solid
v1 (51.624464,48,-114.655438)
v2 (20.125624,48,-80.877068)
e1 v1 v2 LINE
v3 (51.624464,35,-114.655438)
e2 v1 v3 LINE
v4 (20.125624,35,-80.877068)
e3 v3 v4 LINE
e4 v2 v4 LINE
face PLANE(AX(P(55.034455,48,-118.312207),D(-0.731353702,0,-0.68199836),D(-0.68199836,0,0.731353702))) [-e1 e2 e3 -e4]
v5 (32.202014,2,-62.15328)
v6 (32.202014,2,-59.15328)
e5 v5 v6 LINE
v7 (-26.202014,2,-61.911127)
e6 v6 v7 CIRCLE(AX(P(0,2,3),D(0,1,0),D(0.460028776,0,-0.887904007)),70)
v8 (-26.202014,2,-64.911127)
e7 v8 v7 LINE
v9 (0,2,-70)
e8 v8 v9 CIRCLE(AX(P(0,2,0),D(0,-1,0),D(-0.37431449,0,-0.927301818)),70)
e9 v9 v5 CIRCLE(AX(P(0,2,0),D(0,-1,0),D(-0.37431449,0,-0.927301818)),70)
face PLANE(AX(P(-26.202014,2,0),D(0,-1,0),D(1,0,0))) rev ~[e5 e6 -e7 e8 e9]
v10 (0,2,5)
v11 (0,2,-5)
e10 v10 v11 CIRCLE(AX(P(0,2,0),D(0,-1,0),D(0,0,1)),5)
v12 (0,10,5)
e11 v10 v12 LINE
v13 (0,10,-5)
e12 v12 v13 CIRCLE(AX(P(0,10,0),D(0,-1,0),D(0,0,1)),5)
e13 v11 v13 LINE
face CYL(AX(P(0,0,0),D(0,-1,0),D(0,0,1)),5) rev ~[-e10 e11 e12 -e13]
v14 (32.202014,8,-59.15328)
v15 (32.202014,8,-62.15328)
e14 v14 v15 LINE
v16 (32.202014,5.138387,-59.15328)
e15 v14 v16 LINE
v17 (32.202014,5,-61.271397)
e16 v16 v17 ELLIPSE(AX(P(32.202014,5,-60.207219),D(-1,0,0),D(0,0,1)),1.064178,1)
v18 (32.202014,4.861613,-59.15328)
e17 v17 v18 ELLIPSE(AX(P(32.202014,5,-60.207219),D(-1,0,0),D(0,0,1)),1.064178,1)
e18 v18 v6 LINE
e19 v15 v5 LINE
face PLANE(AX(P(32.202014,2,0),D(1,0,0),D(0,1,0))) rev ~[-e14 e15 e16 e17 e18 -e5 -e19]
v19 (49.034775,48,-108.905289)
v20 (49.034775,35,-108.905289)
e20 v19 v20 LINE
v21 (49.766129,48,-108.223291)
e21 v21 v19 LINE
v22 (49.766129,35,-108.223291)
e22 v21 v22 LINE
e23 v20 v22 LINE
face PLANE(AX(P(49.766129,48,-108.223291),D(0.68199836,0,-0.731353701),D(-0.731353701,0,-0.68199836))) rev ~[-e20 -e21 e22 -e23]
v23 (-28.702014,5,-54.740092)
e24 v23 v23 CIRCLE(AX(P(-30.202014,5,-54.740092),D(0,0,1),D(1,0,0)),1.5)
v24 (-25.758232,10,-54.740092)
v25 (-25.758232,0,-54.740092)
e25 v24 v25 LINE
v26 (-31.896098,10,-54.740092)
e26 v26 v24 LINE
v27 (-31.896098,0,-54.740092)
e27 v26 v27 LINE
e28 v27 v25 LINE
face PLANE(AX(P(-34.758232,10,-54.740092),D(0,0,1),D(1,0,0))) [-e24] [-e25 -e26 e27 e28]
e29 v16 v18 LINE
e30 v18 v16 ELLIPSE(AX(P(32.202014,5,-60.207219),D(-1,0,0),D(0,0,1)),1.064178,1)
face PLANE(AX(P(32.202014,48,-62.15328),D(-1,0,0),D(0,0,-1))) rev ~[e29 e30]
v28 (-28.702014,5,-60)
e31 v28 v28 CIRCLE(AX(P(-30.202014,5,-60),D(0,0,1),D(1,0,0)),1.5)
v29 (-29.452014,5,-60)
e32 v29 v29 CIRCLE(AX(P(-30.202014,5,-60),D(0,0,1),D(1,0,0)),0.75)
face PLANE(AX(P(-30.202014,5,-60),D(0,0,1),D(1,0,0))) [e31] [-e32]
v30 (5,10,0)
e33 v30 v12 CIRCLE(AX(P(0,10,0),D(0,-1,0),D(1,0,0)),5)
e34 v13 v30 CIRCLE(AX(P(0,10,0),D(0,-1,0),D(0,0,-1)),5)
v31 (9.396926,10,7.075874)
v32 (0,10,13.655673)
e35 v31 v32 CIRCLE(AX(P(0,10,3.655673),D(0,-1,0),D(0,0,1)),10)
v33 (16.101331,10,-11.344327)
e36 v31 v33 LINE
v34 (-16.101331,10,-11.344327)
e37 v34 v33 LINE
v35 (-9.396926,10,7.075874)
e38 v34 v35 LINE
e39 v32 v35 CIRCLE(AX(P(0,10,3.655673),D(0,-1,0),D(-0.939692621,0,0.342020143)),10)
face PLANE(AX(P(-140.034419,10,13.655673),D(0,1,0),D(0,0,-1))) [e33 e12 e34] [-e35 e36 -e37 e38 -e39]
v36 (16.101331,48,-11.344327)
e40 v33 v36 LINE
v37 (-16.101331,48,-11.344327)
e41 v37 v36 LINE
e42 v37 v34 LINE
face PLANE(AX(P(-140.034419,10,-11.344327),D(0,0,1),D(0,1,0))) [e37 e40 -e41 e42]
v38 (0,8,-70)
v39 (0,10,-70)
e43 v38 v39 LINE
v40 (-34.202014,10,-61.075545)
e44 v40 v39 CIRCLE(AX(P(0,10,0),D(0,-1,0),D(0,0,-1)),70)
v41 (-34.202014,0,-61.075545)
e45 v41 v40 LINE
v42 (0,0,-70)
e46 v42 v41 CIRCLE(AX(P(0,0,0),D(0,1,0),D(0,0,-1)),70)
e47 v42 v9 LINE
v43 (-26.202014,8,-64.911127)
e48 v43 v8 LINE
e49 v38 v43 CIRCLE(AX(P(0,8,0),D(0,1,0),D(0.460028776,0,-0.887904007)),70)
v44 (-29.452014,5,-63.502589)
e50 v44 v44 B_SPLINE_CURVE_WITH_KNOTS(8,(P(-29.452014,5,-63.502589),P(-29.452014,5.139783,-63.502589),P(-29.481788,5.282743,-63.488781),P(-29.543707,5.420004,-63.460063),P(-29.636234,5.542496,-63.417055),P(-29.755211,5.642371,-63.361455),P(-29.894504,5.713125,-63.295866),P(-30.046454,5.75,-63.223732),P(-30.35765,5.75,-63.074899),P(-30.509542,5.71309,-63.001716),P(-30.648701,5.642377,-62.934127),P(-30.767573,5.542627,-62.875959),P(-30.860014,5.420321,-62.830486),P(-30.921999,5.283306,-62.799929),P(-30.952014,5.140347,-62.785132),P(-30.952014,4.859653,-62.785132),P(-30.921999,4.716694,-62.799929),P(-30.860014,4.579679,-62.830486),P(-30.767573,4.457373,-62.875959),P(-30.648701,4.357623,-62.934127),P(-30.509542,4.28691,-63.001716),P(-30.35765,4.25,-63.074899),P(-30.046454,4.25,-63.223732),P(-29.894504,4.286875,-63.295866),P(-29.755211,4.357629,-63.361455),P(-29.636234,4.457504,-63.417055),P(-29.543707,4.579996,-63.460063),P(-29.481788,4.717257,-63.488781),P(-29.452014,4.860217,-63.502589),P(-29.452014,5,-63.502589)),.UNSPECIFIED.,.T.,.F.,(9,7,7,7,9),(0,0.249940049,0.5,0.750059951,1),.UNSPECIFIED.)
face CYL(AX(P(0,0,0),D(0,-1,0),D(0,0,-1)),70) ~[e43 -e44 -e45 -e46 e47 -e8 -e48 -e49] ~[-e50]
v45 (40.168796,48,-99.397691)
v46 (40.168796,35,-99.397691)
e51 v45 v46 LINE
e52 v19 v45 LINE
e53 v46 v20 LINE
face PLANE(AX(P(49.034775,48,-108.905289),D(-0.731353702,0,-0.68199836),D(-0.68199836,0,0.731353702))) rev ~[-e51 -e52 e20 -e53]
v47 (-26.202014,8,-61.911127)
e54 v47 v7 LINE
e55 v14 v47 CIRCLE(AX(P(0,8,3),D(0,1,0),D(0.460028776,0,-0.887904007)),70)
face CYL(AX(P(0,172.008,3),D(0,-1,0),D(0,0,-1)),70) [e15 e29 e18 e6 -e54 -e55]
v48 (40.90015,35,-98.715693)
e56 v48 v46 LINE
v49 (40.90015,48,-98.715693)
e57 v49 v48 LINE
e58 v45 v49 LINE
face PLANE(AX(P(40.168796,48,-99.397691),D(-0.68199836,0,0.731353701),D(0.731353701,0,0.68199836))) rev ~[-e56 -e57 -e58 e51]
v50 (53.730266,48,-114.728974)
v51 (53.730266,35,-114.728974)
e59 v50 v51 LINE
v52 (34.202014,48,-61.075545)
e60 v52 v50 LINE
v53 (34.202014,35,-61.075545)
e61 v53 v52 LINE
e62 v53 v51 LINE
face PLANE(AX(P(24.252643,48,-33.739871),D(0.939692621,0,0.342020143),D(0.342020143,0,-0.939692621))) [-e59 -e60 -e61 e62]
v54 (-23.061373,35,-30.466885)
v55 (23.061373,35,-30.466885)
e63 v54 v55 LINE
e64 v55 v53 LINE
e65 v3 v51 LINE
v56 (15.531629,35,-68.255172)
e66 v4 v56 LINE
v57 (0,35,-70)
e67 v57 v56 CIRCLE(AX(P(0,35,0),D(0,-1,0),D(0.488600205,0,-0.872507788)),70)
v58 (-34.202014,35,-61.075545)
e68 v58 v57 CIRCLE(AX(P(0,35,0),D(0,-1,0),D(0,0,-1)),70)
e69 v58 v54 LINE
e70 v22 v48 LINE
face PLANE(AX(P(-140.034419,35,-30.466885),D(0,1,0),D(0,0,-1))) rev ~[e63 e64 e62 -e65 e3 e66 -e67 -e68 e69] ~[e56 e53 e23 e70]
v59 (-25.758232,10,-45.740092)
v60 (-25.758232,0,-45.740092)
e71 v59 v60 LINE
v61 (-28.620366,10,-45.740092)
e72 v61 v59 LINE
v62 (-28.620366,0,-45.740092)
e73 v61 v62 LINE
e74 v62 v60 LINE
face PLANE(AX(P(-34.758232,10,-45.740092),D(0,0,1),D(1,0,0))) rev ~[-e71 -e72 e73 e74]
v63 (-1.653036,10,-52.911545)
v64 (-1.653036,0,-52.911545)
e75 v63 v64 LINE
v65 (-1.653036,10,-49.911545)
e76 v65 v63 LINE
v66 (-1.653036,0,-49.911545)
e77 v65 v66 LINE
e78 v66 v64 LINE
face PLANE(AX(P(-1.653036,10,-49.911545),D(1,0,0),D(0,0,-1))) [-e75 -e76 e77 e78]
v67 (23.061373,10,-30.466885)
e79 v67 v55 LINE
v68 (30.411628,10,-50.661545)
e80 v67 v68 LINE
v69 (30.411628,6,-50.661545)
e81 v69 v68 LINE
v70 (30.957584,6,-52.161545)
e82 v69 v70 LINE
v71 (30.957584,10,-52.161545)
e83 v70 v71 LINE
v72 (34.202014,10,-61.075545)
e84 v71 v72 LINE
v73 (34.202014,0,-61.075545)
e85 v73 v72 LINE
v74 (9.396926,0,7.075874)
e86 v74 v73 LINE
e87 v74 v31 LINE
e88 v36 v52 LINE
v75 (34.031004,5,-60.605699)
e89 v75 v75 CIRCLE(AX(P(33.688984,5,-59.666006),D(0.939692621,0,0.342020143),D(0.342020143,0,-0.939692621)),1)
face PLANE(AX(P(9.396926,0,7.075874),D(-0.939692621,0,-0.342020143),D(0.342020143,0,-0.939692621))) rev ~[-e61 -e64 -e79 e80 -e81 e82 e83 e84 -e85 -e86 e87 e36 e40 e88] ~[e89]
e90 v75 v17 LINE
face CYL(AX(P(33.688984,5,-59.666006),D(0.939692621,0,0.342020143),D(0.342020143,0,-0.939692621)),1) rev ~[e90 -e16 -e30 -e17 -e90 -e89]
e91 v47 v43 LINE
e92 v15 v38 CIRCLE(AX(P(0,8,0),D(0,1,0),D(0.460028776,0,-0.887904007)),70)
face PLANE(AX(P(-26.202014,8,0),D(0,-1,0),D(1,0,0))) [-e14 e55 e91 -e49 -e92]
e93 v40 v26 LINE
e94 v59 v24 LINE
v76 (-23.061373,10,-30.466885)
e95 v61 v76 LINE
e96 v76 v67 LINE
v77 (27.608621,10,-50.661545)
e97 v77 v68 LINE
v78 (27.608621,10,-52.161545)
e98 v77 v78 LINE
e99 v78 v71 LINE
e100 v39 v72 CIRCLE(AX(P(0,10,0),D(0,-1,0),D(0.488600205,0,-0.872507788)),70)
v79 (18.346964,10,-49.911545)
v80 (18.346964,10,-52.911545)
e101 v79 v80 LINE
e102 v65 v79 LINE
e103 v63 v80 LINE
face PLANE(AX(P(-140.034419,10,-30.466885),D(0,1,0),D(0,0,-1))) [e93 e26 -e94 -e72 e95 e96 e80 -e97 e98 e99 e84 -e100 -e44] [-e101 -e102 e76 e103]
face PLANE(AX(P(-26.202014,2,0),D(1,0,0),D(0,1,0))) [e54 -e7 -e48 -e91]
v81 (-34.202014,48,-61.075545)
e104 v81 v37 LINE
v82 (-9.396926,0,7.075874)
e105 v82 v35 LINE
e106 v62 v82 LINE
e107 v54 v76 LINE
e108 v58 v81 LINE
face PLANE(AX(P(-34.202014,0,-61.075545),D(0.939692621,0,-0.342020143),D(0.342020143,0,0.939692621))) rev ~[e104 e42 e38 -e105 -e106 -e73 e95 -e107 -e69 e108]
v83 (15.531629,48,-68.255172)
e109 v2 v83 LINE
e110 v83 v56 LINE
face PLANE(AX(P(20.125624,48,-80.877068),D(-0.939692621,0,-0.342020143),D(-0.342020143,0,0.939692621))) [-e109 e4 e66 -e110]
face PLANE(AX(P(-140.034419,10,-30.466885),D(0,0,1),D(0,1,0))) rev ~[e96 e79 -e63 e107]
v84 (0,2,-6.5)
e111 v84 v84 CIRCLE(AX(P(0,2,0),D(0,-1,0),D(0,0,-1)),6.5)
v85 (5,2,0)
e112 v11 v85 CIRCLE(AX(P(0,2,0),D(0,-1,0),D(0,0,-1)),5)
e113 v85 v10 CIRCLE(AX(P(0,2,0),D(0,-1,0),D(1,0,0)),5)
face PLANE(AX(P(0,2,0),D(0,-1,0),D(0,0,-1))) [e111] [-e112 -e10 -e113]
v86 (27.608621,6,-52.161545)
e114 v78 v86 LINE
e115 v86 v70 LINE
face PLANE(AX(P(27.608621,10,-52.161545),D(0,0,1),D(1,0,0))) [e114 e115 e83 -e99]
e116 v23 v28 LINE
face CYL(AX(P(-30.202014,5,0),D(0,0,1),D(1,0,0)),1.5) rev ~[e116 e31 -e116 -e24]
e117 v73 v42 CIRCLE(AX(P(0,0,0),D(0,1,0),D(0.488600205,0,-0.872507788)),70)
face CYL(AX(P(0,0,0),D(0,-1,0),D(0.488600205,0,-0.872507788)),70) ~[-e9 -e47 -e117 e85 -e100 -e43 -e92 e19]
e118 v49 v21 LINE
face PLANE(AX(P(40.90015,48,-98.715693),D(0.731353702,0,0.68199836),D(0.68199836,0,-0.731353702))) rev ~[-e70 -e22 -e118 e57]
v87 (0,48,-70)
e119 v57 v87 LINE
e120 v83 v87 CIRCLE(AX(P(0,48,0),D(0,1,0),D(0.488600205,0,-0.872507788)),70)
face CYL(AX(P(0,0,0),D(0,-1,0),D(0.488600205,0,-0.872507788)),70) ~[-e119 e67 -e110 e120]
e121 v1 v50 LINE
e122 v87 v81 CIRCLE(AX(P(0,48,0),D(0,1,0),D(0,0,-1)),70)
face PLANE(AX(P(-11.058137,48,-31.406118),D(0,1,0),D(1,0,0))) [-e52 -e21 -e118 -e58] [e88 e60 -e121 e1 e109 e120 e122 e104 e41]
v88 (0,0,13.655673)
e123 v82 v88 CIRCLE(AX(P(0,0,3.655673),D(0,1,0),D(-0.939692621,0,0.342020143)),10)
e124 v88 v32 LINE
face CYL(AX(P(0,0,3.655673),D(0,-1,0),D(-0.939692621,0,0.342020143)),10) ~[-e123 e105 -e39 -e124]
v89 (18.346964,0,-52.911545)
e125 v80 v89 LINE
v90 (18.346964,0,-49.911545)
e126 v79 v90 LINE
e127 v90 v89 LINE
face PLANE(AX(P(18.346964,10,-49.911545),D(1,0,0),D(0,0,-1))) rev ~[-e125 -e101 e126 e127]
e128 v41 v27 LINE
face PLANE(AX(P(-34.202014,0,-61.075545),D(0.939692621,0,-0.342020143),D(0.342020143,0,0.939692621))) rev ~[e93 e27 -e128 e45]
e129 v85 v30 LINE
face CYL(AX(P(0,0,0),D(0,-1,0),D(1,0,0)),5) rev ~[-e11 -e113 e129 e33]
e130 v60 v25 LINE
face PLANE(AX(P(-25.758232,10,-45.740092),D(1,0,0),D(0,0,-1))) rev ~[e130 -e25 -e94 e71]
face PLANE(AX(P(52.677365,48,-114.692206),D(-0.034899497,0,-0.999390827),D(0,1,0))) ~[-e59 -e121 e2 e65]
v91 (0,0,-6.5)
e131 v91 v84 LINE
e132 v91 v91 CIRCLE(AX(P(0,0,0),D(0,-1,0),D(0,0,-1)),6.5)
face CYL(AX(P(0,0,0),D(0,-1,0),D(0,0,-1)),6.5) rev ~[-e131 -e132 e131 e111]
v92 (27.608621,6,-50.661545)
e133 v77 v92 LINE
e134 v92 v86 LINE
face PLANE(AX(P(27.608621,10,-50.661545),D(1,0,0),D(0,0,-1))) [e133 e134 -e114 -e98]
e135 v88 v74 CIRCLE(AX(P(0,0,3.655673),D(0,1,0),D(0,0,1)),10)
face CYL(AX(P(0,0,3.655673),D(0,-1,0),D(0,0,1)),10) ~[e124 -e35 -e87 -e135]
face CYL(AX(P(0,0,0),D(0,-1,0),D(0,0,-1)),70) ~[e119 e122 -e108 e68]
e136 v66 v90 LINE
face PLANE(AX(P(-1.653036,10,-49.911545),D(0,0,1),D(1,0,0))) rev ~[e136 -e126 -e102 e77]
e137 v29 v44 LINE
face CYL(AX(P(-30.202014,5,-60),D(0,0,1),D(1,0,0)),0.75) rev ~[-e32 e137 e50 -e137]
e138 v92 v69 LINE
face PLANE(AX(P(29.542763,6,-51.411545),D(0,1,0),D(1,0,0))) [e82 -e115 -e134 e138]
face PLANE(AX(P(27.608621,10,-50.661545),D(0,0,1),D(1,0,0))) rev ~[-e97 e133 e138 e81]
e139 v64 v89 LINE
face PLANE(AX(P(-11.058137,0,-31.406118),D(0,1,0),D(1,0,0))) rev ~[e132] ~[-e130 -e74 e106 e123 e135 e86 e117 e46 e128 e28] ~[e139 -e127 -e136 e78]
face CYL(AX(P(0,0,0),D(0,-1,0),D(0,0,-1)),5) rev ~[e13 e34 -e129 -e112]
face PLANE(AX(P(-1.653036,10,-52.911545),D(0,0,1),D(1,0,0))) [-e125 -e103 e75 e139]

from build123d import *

# Parameters (mm, degrees)
EXTRUDE_1_DEPTH            = 48
CUT_EXTRUDE_2_REACH        = 96.508
CUT_EXTRUDE_2_START_RADIUS = 70
CUT_EXTRUDE_2_END_RADIUS   = 70
SKETCH_3_W                 = 58.404028666
SKETCH_3_H                 = 6
EXTRUDE_2_DEPTH            = 13
CUT_EXTRUDE_3_DEPTH        = 140.034418617
CUT_EXTRUDE_3_DEPTH_BACK   = 140.034418617
SKETCH_4_W                 = 25
SKETCH_4_H                 = 38
SKETCH_4_W_2               = 40
SKETCH_4_H_2               = 25
CHAMFER_1_SIZE             = 5
CHAMFER_1_SIZE2            = 3.813196151
SKETCH_6_R                 = 6.5
CUT_EXTRUDE_4_DEPTH        = 2
SKETCH_7_R                 = 1.5
CUT_EXTRUDE_5_DEPTH        = 60
SKETCH_8_W                 = 9
SKETCH_8_H                 = 9
CUT_EXTRUDE_6_DEPTH        = 11
CUT_EXTRUDE_8_REACH        = 137.533
SKETCH_10_R                = 1
CUT_EXTRUDE_9_REACH        = 105.034
CUT_EXTRUDE_9_END_RADIUS   = 70
SKETCH_11_R                = 0.75
SKETCH_12_W                = 20
SKETCH_12_H                = 3
CUT_EXTRUDE_10_DEPTH       = 11
SKETCH_13_W                = 3.868283576
SKETCH_13_H                = 1.5
CUT_EXTRUDE_11_DEPTH       = 4
CUT_EXTRUDE_12_REACH       = 137.476


with BuildPart() as part:
    # 草图1 → 凸台-拉伸1 (new body)
    with BuildSketch(Plane(origin=(0, 0, 0), x_dir=(1, 0, 0), z_dir=(0, 1, 0))):
        with BuildLine():
            ThreePointArc((-9.396926208, -7.075874358), (-5.735764364, -11.847193368), (0, -13.655672925))
            Line((0, -13.655672925), (0, -5))
            ThreePointArc((0, -5), (-5, 0), (0, 5))
            Line((0, 5), (0, 70))
            ThreePointArc((0, 70), (-17.673593853, 67.732149533), (-34.202014333, 61.075545152))
            Line((-34.202014333, 61.075545152), (-9.396926208, -7.075874358))
        make_face()
        with BuildLine():
            Line((0, -5), (0, -13.655672925))
            ThreePointArc((0, -13.655672925), (5.735764364, -11.847193368), (9.396926208, -7.075874358))
            Line((9.396926208, -7.075874358), (34.202014333, 61.075545152))
            ThreePointArc((34.202014333, 61.075545152), (17.673593853, 67.732149533), (0, 70))
            Line((0, 70), (0, 5))
            ThreePointArc((0, 5), (3.535533906, 3.535533906), (5, 0))
            ThreePointArc((5, 0), (3.535533906, -3.535533906), (0, -5))
        make_face()
    extrude(amount=EXTRUDE_1_DEPTH)

    # 切除-拉伸2: from a cylinder face, 96.508 long prism both ways, kept between that surface and its translate by the depth
    cut_extrude_2_start = Plane(origin=(0, 5, 0), z_dir=(0, -1, 0)) * Cylinder(CUT_EXTRUDE_2_START_RADIUS, 334.016, mode=Mode.PRIVATE)
    cut_extrude_2_end = Plane(origin=(0, 5, 3), z_dir=(0, -1, 0)) * Cylinder(CUT_EXTRUDE_2_END_RADIUS, 334.016, mode=Mode.PRIVATE)
    # 草图3 → 切除-拉伸2 (cut, from a surface)
    with BuildSketch(Plane.XY, mode=Mode.PRIVATE) as cut_extrude_2_sk1:
        with Locations((3, 5)):
            Rectangle(SKETCH_3_W, SKETCH_3_H)
    cut_extrude_2_tool1 = extrude(cut_extrude_2_sk1.sketch, amount=CUT_EXTRUDE_2_REACH, both=True, mode=Mode.PRIVATE)
    add(((cut_extrude_2_tool1 & cut_extrude_2_start) - cut_extrude_2_end).solids().sort_by_distance((3, 5, -62.032204))[0], mode=Mode.SUBTRACT)

    # 草图2 → 凸台-拉伸2 (add)
    with BuildSketch(Plane(origin=(0, 48, 0), x_dir=(1, 0, 0), z_dir=(0, 1, 0))):
        Polygon((24.252642572, 33.739870901), (55.034455471, 118.312206771), (20.125623779, 80.877067961), (5.458790156, 40.580273767), align=None)
    extrude(amount=-EXTRUDE_2_DEPTH)

    # 草图4 → 切除-拉伸3 (cut, two sides: drawn at the far end of the back side and taken through both)
    with BuildSketch(Plane(origin=(0, 0, 0), x_dir=(0, 0, -1), z_dir=(1, 0, 0)).offset(-CUT_EXTRUDE_3_DEPTH_BACK)):
        with Locations((-1.155672925, 29)):
            Rectangle(SKETCH_4_W, SKETCH_4_H)
        with Locations((50.466884927, 22.5)):
            Rectangle(SKETCH_4_W_2, SKETCH_4_H_2)
    extrude(amount=CUT_EXTRUDE_3_DEPTH + CUT_EXTRUDE_3_DEPTH_BACK, mode=Mode.SUBTRACT)

    # 倒角1
    chamfer_1_edges = [part.edges().sort_by_distance(p)[0] for p in [
        (55.034455471, 41.5, -118.312206771),
    ]]
    chamfer_1_side = [part.faces().sort_by_distance(p)[0] for p in [
        (37.580039625, 41.5, -99.594637366),
    ]]
    chamfer(chamfer_1_edges, length=CHAMFER_1_SIZE, length2=CHAMFER_1_SIZE2, reference=chamfer_1_side[0])

    # 草图6 → 切除-拉伸4 (cut)
    with BuildSketch(Plane.XZ):
        with Locations(Location((0, 0, 0), (0, 0, 270))):
            Circle(SKETCH_6_R)
    extrude(amount=-CUT_EXTRUDE_4_DEPTH, mode=Mode.SUBTRACT)

    # 草图7 → 切除-拉伸5 (cut)
    with BuildSketch(Plane.XY):
        with Locations((-30.202014333, 5)):
            Circle(SKETCH_7_R)
    extrude(amount=-CUT_EXTRUDE_5_DEPTH, mode=Mode.SUBTRACT)

    # 草图8 → 切除-拉伸6 (cut)
    with BuildSketch(Plane(origin=(0, 10, 0), x_dir=(1, 0, 0), z_dir=(0, 1, 0))):
        with Locations((-30.258231885, 50.240091929)):
            Rectangle(SKETCH_8_W, SKETCH_8_H)
    extrude(amount=-CUT_EXTRUDE_6_DEPTH, mode=Mode.SUBTRACT)

    # 切除-拉伸8: up to this plane
    cut_extrude_8_end = Plane(origin=(32.202014333, 48, -62.153280468), z_dir=(-1, 0, 0))
    # 草图10 → 切除-拉伸8 (cut, up to the surface)
    with BuildSketch(Plane(origin=(10.571836839, 0, 3.847833931), x_dir=(0.34202014332566283, 0, -0.9396926207859106), z_dir=(0.9396926207859106, 0, 0.34202014332566283)), mode=Mode.PRIVATE) as cut_extrude_8_sk1:
        with Locations((67.590016934, 5)):
            Circle(SKETCH_10_R)
    cut_extrude_8_tool1 = split(extrude(cut_extrude_8_sk1.sketch, amount=-CUT_EXTRUDE_8_REACH, mode=Mode.PRIVATE), bisect_by=cut_extrude_8_end, keep=Keep.BOTH, mode=Mode.PRIVATE)
    add(cut_extrude_8_tool1.solids().sort_by_distance((33.688984, 5, -59.666006))[0], mode=Mode.SUBTRACT)

    # 切除-拉伸9: up to this cylinder (the profile starts inside it)
    cut_extrude_9_end = Plane(origin=(0, 5, 0), z_dir=(0, -1, 0)) * Cylinder(CUT_EXTRUDE_9_END_RADIUS, 351.068, mode=Mode.PRIVATE)
    # 草图11 → 切除-拉伸9 (cut, up to the surface)
    with BuildSketch(Plane.XY.offset(-60), mode=Mode.PRIVATE) as cut_extrude_9_sk1:
        with Locations((-30.202014333, 5)):
            Circle(SKETCH_11_R)
    cut_extrude_9_tool1 = extrude(cut_extrude_9_sk1.sketch, amount=-CUT_EXTRUDE_9_REACH, mode=Mode.PRIVATE) & cut_extrude_9_end
    add(cut_extrude_9_tool1.solids().sort_by_distance((-30.202014, 5, -60))[0], mode=Mode.SUBTRACT)

    # 草图12 → 切除-拉伸10 (cut)
    with BuildSketch(Plane(origin=(0, 10, 0), x_dir=(1, 0, 0), z_dir=(0, 1, 0))):
        with Locations((8.346963974, 51.411545488)):
            Rectangle(SKETCH_12_W, SKETCH_12_H)
    extrude(amount=-CUT_EXTRUDE_10_DEPTH, mode=Mode.SUBTRACT)

    # 草图13 → 切除-拉伸11 (cut)
    with BuildSketch(Plane(origin=(0, 10, 0), x_dir=(1, 0, 0), z_dir=(0, 1, 0))):
        with Locations((29.542762739, 51.411545488)):
            Rectangle(SKETCH_13_W, SKETCH_13_H)
    extrude(amount=-CUT_EXTRUDE_11_DEPTH, mode=Mode.SUBTRACT)

    # 草图14 → 切除-拉伸12 (cut, up to next)
    with BuildSketch(Plane(origin=(0, 48, 0), x_dir=(1, 0, 0), z_dir=(0, 1, 0)), mode=Mode.PRIVATE) as cut_extrude_12_sk1:
        Polygon((49.766128767, 108.223290792), (49.034775066, 108.905289152), (40.168796385, 99.397691031), (40.900150086, 98.715692671), align=None)
    cut_extrude_12_tool1 = extrude(cut_extrude_12_sk1.sketch, amount=-CUT_EXTRUDE_12_REACH, mode=Mode.PRIVATE) & part.part
    add(cut_extrude_12_tool1.solids().sort_by_distance((44.967463, 48, -103.810491))[0], mode=Mode.SUBTRACT)


solid = part.part
